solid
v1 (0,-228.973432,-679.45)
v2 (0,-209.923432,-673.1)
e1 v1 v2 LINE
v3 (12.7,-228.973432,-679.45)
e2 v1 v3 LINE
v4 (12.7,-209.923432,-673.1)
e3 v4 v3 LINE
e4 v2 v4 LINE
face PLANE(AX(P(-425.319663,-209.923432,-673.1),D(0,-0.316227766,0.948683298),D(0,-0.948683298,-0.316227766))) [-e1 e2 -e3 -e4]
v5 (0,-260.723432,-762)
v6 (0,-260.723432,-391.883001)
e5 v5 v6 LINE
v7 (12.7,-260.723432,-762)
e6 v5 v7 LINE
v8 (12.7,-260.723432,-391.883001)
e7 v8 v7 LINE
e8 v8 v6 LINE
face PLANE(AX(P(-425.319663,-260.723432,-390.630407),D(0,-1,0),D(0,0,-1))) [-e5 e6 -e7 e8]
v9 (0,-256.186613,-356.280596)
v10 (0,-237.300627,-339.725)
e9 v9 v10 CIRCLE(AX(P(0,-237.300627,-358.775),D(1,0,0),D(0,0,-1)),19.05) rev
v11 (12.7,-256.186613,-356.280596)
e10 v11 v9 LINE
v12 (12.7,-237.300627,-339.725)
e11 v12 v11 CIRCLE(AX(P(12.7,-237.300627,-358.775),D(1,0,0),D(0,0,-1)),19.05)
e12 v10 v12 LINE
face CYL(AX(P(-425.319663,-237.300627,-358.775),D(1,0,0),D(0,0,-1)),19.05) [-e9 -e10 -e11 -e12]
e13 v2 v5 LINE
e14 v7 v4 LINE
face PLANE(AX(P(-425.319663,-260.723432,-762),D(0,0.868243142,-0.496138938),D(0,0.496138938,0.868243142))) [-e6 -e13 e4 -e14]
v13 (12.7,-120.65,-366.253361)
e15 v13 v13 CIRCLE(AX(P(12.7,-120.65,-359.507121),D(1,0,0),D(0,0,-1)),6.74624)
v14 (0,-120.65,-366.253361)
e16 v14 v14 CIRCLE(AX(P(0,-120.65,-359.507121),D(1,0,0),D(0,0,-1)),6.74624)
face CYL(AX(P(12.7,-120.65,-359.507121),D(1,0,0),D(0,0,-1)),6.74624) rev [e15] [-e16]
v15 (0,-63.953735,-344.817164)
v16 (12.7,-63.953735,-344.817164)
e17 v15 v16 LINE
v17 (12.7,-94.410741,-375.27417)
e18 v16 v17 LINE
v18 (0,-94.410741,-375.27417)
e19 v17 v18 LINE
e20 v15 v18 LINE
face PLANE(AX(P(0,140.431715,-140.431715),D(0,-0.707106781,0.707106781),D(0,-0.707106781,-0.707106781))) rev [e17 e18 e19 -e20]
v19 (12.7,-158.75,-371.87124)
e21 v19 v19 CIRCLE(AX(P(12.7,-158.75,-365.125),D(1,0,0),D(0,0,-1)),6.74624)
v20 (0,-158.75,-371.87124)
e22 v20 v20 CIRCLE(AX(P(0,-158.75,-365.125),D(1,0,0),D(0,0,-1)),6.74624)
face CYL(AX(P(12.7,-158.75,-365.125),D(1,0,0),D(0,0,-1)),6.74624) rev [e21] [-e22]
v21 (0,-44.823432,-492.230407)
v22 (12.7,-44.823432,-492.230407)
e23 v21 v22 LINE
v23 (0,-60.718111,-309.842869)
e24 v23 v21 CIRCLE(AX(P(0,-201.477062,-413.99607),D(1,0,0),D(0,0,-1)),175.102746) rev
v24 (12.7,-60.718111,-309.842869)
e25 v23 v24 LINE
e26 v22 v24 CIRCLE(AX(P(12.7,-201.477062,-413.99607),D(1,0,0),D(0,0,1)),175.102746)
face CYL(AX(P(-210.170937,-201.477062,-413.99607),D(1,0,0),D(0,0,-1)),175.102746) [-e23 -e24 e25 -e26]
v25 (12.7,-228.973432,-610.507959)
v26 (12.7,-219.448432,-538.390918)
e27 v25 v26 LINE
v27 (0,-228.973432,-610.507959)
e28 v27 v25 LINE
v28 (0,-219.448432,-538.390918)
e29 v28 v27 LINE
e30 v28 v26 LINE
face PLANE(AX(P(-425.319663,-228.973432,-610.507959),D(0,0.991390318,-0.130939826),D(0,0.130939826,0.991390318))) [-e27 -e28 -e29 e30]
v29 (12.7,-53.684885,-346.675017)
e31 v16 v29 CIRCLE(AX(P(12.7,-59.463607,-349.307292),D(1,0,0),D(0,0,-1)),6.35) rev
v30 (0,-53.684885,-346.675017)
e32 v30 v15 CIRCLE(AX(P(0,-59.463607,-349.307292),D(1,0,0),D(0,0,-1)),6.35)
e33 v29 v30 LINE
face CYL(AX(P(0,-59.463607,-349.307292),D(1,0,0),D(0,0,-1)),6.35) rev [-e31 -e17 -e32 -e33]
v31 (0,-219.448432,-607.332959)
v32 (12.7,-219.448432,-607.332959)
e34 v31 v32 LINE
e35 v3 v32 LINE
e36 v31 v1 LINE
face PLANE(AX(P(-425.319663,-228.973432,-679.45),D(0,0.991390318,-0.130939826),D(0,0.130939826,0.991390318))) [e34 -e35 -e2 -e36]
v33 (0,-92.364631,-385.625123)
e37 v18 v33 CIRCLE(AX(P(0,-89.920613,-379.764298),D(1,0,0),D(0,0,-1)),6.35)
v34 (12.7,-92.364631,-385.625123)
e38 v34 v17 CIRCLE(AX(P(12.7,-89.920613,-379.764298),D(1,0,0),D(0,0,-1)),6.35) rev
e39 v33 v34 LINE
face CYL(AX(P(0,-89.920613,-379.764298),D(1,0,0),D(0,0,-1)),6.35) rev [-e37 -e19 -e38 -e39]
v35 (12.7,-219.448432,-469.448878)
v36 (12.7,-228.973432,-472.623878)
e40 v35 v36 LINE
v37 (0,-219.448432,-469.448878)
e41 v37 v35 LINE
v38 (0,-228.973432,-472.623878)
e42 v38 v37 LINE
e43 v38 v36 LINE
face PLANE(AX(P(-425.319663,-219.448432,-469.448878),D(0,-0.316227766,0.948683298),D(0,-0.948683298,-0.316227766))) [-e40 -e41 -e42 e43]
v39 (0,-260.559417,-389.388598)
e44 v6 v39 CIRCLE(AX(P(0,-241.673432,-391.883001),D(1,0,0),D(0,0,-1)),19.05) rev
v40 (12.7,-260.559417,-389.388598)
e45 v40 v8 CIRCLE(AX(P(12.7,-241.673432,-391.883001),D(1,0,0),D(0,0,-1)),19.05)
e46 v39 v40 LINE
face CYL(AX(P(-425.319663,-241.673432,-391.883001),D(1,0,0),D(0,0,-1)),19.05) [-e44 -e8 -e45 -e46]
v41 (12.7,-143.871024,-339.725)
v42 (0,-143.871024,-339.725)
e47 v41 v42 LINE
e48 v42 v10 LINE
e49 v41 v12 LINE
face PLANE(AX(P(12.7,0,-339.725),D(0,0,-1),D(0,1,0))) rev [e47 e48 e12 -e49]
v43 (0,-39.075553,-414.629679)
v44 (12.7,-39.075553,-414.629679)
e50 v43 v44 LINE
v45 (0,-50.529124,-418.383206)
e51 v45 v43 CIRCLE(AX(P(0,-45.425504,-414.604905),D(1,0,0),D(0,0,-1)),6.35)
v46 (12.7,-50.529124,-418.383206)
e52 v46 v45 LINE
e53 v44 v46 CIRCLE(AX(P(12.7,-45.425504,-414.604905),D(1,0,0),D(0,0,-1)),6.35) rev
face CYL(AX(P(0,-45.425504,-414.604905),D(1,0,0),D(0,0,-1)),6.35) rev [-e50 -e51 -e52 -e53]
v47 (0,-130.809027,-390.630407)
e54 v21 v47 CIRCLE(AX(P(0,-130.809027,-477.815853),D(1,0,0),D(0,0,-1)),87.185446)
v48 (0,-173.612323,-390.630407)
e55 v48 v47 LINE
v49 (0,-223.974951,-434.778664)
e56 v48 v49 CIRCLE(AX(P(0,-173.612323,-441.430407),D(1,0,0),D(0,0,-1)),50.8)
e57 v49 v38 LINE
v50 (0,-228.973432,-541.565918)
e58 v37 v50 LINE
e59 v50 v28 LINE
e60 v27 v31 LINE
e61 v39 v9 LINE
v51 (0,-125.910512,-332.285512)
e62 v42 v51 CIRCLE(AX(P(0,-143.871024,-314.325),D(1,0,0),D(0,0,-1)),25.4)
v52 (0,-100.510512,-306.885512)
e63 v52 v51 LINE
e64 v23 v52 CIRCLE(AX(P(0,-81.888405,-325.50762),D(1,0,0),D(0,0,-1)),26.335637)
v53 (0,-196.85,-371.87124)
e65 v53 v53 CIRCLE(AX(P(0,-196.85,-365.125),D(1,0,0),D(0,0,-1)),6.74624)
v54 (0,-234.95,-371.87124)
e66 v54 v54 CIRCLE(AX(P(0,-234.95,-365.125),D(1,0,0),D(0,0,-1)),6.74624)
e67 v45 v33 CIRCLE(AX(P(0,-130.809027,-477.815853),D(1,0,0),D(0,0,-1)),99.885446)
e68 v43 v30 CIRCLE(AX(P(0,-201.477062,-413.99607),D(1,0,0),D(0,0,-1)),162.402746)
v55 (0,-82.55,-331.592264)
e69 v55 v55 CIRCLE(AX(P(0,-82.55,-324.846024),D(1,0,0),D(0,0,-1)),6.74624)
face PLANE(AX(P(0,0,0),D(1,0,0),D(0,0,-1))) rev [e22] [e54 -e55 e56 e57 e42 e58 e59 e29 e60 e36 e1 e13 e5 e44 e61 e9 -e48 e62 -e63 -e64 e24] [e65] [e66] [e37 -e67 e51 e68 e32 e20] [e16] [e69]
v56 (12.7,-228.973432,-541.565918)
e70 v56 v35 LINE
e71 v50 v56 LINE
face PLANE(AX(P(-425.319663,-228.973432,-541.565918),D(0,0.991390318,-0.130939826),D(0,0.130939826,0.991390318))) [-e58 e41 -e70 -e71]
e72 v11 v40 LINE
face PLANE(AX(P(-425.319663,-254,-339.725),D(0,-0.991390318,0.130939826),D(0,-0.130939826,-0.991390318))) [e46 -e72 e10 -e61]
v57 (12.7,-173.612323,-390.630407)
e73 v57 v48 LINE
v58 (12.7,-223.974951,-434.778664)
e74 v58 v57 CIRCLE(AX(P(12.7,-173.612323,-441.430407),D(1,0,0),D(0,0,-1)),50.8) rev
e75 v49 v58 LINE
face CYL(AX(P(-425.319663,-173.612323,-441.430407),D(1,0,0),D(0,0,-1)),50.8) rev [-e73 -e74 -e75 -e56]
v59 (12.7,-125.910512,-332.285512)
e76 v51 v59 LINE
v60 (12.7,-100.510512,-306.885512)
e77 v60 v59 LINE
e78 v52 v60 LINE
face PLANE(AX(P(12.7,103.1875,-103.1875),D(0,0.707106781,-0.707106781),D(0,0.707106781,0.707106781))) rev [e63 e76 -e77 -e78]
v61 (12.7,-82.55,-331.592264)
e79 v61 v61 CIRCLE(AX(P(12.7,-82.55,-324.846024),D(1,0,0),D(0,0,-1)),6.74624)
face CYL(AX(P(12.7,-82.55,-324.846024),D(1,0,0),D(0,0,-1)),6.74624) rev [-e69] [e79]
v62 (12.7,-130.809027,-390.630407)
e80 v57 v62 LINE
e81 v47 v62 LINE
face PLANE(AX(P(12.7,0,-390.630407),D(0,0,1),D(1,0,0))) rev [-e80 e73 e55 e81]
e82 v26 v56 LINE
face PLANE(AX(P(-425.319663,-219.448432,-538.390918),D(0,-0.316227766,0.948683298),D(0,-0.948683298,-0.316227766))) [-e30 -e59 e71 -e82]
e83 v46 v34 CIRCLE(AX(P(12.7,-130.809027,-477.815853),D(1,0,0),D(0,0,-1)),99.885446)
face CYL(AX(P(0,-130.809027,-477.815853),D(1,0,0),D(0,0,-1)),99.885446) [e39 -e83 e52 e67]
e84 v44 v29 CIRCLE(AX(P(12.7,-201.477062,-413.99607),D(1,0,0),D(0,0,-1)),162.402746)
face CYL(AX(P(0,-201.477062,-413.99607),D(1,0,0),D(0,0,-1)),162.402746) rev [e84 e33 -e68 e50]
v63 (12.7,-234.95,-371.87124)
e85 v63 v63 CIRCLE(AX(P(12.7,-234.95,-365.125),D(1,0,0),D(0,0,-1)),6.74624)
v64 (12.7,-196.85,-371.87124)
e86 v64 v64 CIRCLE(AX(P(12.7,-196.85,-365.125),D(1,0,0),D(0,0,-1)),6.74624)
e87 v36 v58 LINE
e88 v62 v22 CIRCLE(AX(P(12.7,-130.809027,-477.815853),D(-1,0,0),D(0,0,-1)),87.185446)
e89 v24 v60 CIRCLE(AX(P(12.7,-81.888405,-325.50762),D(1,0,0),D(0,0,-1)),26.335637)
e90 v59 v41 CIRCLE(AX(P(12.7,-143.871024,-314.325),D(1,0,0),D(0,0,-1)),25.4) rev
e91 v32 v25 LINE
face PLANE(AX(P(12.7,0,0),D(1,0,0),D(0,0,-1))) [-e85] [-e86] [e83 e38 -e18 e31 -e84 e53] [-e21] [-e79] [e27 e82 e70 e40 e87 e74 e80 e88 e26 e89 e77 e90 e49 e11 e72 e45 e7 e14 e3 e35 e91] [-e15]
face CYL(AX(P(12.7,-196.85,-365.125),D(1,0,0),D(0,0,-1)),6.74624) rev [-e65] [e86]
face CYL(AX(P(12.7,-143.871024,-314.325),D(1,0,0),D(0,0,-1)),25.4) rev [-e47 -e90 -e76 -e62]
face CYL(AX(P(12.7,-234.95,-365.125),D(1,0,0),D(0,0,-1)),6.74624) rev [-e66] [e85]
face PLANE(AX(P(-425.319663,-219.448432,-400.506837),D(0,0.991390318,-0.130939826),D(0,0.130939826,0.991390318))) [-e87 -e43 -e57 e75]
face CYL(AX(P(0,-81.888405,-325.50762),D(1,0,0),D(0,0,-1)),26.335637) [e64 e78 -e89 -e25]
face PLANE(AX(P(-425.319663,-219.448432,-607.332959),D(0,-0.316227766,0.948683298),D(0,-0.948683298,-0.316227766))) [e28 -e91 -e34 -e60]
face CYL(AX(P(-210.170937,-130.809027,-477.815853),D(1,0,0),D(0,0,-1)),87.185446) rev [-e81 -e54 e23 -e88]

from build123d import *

# Parameters (mm, degrees)
SKETCH1_R                   = 19.05
BOSS_EXTRUDE1_DEPTH         = 12.7
FILLET1_R                   = 25.4
FILLET2_R                   = 50.8
F_1_2_CLEARANCE_HOLE1_D     = 13.49248
F_1_2_CLEARANCE_HOLE1_DEPTH = 38.1
F_1_2_CLEARANCE_HOLE1_TIP   = 4.053549943
SKETCH4_R                   = 19.05
CUT_EXTRUDE1_DEPTH          = 13.7
BOSS_EXTRUDE2_DEPTH         = 12.7
FILLET3_R                   = 19.05
FILLET4_R                   = 50.8
BOSS_EXTRUDE3_DEPTH         = 12.7
CUT_EXTRUDE2_DEPTH          = 13.7
FILLET7_R                   = 6.35


with BuildPart() as part:
    # Sketch1 → Boss-Extrude1 (new body)
    with BuildSketch(Plane(origin=(0, 0, 0), x_dir=(0, 0, -1), z_dir=(1, 0, 0))):
        with BuildLine():
            Line((390.630407277, -109.766978243), (305.29908743, -24.435658396))
            Line((305.29908743, -24.435658396), (12.395871839, 49.264412727))
            ThreePointArc((12.395871839, 49.264412727), (-49.470959365, 11.544010545), (-10.688712274, -49.662777107))
            Line((-10.688712274, -49.662777107), (281.610658396, -75.235658396))
            Line((281.610658396, -75.235658396), (339.725, -133.35))
            Line((339.725, -133.35), (339.725, -254))
            Line((339.725, -254), (390.630407277, -254))
            Line((390.630407277, -254), (390.630407277, -109.766978243))
        make_face()
        Circle(SKETCH1_R, mode=Mode.SUBTRACT)
    extrude(amount=BOSS_EXTRUDE1_DEPTH)

    # Fillet1
    fillet1_edges = [part.edges().sort_by_distance(p)[0] for p in [
        (6.35, -133.35, -339.725),
        (6.35, -75.235658396, -281.610658396),
    ]]
    fillet(fillet1_edges, radius=FILLET1_R)

    # Fillet2
    fillet2_edges = [part.edges().sort_by_distance(p)[0] for p in [
        (6.35, -24.435658396, -305.29908743),
        (6.35, -109.766978243, -390.630407277),
    ]]
    fillet(fillet2_edges, radius=FILLET2_R)

    # 1/2 Clearance Hole1
    with Locations(Plane(origin=(12.7, 0, 0), x_dir=(0, 0, -1), z_dir=(1, 0, 0))):
        with Locations((365.125, -234.95), (365.125, -196.85), (365.125, -158.75), (359.5071206, -120.65), (324.846024484, -82.55)):
            Hole(F_1_2_CLEARANCE_HOLE1_D / 2, depth=F_1_2_CLEARANCE_HOLE1_DEPTH)
            with Locations((0, 0, -(F_1_2_CLEARANCE_HOLE1_DEPTH + F_1_2_CLEARANCE_HOLE1_TIP / 2))):  # 118° drill point
                Cone(0, F_1_2_CLEARANCE_HOLE1_D / 2, F_1_2_CLEARANCE_HOLE1_TIP, mode=Mode.SUBTRACT)

    # Sketch4 → Cut-Extrude1 (cut, through all)
    with BuildSketch(Plane(origin=(12.7, 0, 0), x_dir=(0, 0, -1), z_dir=(1, 0, 0))):
        with BuildLine():
            Line((288.147750244, -81.772750244), (306.885512242, -100.510512242))
            ThreePointArc((306.885512242, -100.510512242), (306.885512242, -63.266297725), (344.129726759, -63.266297725))
            Line((344.129726759, -63.266297725), (315.219181895, -34.355752861))
            ThreePointArc((315.219181895, -34.355752861), (304.360921026, -26.089699144), (291.69402925, -21.012364618))
            Line((291.69402925, -21.012364618), (12.395871839, 49.264412727))
            ThreePointArc((12.395871839, 49.264412727), (-49.470959365, 11.544010545), (-10.688712274, -49.662777107))
            Line((-10.688712274, -49.662777107), (272.400993868, -74.429917155))
            ThreePointArc((272.400993868, -74.429917155), (280.92174185, -76.713044696), (288.147750244, -81.772750244))
        make_face()
        Circle(SKETCH4_R, mode=Mode.SUBTRACT)
    extrude(amount=-CUT_EXTRUDE1_DEPTH, mode=Mode.SUBTRACT)

    # Sketch5 → Boss-Extrude2 (add)
    with BuildSketch(Plane(origin=(12.7, 0, 0), x_dir=(0, 0, -1), z_dir=(1, 0, 0))):
        Polygon((339.725, -254), (390.630407277, -260.723431786), (762, -260.723431786), (673.1, -209.923431786), (679.45, -228.973431786), (607.332959214, -219.448431786), (610.507959214, -228.973431786), (538.390918427, -219.448431786), (541.565918427, -228.973431786), (469.448877641, -219.448431786), (472.623877641, -228.973431786), (400.506836855, -219.448431786), (390.630407277, -218.143982925), (390.630407277, -254), align=None)
    extrude(amount=-BOSS_EXTRUDE2_DEPTH)

    # Fillet3
    fillet3_edges = [part.edges().sort_by_distance(p)[0] for p in [
        (6.35, -260.723431786, -390.630407277),
        (6.35, -254, -339.725),
    ]]
    fillet(fillet3_edges, radius=FILLET3_R)

    # Fillet4
    fillet4_edges = [part.edges().sort_by_distance(p)[0] for p in [
        (6.35, -218.143982925, -390.630407277),
    ]]
    fillet(fillet4_edges, radius=FILLET4_R)

    # Sketch6 → Boss-Extrude3 (add)
    with BuildSketch(Plane(origin=(12.7, 0, 0), x_dir=(0, 0, -1), z_dir=(1, 0, 0))):
        with BuildLine():
            Line((375.751431761, -94.888002727), (344.129726759, -63.266297725))
            Line((344.129726759, -63.266297725), (309.842868861, -60.718111058))
            ThreePointArc((309.842868861, -60.718111058), (398.793863401, -27.03548328), (492.230407277, -44.823431786))
            ThreePointArc((492.230407277, -44.823431786), (421.492844328, -64.2581395), (390.630407277, -130.809027211))
            Line((390.630407277, -130.809027211), (375.751431761, -94.888002727))
        make_face()
    extrude(amount=-BOSS_EXTRUDE3_DEPTH)

    # Sketch7 → Cut-Extrude2 (cut, through all)
    with BuildSketch(Plane(origin=(12.7, 0, 0), x_dir=(0, 0, -1), z_dir=(1, 0, 0))):
        with BuildLine():
            Line((338.534408325, -57.67097929), (375.751431761, -94.888002727))
            ThreePointArc((375.751431761, -94.888002727), (379.072218132, -98.54883067), (382.021527149, -102.515045449))
            ThreePointArc((382.021527149, -102.515045449), (401.979554881, -65.801657117), (435.210476685, -40.465880242))
            ThreePointArc((435.210476685, -40.465880242), (385.540929372, -41.58660974), (338.534408325, -57.67097929))
        make_face()
    extrude(amount=-CUT_EXTRUDE2_DEPTH, mode=Mode.SUBTRACT)

    # Fillet7
    fillet7_edges = [part.edges().sort_by_distance(p)[0] for p in [
        (6.35, -102.515045449, -382.021527149),
        (6.35, -40.465880242, -435.210476685),
        (6.35, -57.67097929, -338.534408325),
    ]]
    fillet(fillet7_edges, radius=FILLET7_R)


solid = part.part
